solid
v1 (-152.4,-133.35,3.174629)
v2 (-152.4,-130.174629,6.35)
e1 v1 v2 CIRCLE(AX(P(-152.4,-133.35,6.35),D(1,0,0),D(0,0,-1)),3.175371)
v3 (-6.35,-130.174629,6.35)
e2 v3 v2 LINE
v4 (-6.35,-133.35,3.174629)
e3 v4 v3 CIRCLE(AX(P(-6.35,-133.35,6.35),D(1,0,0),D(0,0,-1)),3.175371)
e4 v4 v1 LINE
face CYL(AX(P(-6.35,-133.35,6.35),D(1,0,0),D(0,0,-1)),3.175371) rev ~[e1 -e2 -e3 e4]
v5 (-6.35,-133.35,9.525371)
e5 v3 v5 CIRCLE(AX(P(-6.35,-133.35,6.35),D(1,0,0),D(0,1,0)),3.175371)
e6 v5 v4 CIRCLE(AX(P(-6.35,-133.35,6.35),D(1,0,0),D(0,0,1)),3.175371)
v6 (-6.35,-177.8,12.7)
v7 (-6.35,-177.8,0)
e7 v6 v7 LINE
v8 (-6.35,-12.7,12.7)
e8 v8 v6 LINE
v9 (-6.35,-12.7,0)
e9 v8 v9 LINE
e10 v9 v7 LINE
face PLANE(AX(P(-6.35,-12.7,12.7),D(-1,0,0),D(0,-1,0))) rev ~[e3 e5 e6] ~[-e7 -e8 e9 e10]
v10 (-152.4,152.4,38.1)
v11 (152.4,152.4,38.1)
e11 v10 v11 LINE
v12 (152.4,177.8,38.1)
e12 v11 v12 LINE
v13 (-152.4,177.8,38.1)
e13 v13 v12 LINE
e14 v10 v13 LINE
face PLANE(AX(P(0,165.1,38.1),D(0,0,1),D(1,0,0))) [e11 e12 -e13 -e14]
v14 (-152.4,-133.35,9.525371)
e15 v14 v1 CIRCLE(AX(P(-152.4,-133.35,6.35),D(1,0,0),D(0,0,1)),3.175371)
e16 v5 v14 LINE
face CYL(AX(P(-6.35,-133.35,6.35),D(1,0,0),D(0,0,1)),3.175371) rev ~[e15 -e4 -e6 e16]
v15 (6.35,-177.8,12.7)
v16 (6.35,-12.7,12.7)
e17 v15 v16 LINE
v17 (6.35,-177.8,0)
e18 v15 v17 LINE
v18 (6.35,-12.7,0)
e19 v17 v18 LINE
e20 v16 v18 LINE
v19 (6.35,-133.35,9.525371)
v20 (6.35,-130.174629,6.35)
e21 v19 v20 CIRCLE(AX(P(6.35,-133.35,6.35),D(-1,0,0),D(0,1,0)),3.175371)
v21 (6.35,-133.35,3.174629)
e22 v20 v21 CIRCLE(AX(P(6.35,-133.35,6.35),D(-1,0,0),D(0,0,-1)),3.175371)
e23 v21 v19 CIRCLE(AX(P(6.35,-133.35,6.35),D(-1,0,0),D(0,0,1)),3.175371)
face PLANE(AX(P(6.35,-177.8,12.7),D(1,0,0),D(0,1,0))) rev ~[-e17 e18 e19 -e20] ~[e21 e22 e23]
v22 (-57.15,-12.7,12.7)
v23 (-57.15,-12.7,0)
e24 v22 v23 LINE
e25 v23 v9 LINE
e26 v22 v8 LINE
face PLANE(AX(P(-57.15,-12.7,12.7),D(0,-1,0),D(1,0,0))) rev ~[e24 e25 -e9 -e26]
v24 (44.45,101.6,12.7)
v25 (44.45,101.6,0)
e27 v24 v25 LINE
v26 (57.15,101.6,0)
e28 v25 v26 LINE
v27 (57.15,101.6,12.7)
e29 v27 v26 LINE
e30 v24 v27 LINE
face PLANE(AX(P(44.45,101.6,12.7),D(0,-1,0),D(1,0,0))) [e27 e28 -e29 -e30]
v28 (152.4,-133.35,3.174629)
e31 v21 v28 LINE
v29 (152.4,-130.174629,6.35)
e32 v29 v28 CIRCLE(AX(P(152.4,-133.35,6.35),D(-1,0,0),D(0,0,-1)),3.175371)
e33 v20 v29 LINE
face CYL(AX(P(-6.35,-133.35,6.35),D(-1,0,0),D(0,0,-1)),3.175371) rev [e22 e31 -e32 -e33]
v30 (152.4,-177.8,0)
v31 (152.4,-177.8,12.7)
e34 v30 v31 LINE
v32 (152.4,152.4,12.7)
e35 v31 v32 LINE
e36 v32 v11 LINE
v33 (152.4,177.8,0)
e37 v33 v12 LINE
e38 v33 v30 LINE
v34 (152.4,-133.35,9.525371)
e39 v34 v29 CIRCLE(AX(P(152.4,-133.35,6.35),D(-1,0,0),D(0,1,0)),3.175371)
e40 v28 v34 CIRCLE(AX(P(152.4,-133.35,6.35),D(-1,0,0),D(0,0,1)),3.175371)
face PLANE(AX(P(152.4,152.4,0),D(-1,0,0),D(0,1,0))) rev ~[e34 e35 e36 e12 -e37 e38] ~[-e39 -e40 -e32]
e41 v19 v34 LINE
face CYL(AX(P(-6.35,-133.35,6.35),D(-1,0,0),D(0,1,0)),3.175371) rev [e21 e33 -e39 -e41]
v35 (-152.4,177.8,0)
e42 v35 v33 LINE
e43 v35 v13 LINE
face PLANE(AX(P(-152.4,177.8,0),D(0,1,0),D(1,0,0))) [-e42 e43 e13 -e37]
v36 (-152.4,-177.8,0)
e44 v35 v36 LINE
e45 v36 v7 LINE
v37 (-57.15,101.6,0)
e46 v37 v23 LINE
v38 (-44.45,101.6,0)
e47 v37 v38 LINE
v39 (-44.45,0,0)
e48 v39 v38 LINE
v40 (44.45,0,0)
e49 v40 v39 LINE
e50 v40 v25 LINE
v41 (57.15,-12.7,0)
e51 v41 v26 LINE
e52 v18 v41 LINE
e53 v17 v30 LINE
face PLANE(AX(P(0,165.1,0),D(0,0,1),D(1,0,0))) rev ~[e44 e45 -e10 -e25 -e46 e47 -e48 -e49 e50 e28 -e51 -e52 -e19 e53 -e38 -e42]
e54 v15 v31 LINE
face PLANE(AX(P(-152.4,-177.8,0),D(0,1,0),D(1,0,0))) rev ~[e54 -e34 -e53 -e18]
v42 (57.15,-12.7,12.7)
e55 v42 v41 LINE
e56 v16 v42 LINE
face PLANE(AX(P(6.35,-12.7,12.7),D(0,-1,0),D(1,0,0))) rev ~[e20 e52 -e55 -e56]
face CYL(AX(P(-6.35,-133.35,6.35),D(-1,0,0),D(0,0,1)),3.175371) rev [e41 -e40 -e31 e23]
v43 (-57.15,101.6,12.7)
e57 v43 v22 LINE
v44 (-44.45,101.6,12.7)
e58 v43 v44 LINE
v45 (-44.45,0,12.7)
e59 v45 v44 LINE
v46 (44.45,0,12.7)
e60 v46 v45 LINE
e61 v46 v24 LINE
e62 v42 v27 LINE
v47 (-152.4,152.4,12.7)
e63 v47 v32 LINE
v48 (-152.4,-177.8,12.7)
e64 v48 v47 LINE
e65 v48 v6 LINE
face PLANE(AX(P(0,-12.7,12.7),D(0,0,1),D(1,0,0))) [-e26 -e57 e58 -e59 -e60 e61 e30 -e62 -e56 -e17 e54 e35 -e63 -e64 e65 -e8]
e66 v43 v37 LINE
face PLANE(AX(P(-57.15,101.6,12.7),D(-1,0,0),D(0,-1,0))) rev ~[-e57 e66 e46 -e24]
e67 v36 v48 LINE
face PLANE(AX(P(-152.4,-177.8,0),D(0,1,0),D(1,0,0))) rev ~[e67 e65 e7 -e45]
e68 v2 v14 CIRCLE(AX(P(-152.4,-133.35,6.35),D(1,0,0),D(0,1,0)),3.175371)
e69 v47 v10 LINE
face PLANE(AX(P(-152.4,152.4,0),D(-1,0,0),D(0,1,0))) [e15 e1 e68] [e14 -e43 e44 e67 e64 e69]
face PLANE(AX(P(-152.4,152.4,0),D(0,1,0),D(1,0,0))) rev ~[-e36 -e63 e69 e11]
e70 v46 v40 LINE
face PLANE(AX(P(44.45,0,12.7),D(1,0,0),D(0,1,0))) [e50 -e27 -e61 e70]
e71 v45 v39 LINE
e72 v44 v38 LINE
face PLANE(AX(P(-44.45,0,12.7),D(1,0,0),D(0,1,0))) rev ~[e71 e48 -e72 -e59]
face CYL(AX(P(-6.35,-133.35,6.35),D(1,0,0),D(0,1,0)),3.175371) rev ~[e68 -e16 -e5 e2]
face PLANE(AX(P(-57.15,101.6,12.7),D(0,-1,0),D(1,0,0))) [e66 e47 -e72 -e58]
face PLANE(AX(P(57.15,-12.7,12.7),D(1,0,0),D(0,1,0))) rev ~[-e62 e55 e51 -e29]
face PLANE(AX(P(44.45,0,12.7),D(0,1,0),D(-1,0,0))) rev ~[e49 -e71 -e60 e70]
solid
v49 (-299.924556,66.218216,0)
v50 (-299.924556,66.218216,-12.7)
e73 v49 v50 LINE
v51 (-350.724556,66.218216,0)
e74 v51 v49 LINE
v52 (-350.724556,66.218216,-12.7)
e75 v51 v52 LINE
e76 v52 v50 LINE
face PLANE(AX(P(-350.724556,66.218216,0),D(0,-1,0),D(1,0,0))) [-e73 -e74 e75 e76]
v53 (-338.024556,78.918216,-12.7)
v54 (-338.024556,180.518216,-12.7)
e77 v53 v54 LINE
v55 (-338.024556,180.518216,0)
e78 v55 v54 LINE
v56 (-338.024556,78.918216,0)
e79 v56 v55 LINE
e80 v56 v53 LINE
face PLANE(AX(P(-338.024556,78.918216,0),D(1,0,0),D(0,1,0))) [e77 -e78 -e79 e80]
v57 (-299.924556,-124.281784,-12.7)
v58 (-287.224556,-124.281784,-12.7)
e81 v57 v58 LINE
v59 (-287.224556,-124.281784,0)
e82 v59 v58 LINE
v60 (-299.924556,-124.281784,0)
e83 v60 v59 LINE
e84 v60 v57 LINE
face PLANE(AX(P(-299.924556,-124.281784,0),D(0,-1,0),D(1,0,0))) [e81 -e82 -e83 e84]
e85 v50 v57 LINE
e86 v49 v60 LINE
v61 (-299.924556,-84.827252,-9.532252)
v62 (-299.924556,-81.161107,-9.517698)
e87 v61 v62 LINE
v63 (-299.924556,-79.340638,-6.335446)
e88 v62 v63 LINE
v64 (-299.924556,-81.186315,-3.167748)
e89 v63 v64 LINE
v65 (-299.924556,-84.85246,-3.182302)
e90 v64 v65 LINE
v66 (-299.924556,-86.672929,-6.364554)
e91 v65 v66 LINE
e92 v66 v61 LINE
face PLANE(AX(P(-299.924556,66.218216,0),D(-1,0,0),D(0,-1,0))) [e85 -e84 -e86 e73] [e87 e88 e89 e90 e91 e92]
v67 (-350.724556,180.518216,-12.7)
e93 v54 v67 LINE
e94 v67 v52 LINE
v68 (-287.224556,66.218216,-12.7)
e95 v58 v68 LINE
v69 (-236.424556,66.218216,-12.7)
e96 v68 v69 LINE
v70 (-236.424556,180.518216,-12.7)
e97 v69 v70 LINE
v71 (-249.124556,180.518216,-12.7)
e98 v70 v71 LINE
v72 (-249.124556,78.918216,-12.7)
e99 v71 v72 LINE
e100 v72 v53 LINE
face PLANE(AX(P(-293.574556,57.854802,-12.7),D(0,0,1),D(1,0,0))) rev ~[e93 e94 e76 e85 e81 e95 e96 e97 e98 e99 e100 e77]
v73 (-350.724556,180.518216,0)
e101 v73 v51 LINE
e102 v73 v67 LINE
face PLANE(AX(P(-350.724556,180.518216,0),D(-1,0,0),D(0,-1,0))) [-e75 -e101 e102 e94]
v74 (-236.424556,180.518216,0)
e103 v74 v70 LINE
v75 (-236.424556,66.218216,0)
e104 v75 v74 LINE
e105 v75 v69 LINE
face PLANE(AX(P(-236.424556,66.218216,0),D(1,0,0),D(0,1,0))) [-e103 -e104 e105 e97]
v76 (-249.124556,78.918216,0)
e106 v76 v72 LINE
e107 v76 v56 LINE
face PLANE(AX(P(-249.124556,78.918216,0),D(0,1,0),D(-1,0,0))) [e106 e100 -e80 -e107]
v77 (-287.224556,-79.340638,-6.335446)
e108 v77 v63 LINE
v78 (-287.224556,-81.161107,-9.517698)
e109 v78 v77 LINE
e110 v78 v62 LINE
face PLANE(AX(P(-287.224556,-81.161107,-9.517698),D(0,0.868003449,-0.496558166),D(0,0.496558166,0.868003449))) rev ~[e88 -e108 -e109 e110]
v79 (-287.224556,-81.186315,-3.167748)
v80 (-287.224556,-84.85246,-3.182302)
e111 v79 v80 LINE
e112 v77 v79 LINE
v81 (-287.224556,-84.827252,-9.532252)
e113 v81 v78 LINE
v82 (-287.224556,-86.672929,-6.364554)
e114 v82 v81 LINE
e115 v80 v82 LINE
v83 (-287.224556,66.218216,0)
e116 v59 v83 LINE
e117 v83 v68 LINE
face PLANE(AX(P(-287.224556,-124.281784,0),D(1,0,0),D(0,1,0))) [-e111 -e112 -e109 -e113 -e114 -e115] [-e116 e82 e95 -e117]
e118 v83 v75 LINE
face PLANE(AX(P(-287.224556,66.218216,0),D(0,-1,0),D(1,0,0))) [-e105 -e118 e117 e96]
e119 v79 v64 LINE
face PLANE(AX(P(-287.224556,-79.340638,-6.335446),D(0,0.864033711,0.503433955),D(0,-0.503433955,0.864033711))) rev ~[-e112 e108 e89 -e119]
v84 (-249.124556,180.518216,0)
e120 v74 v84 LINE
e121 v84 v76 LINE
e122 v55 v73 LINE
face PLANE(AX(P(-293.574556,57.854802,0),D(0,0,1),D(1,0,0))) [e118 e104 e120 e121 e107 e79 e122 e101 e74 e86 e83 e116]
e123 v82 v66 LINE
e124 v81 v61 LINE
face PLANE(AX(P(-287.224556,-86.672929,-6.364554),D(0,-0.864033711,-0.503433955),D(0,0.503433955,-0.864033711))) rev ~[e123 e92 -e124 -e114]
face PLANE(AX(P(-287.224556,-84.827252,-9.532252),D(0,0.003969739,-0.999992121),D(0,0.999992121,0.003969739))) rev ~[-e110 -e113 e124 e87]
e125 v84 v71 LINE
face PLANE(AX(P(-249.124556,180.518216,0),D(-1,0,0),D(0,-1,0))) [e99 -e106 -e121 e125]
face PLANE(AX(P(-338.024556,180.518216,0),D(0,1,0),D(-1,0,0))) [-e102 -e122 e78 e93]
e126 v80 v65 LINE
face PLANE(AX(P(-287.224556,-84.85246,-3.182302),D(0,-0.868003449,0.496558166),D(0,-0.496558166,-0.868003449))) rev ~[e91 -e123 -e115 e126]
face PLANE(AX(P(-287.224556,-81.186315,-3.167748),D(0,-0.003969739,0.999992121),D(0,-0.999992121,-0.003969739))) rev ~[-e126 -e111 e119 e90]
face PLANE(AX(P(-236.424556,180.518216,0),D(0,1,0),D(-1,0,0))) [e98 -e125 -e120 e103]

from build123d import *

# Parameters (mm, degrees)
F0_W          = 304.8
F0_H          = 330.2
F1_DEPTH      = 12.7
F2_W          = 12.7
F2_H          = 101.6
F3_DEPTH      = 25.4
F5_DEPTH      = 203.2
F5_DEPTH_BACK = 203.2
F7_DEPTH      = 12.7
F9_DEPTH      = 12.7
F0_H_2        = 25.4
F10_DEPTH     = 38.1


with BuildPart() as f1:
    # F0 (on Top) → F1 (new body)
    with BuildSketch(Plane.XY):
        with Locations((0, -12.7)):
            Rectangle(F0_W, F0_H)
    extrude(amount=F1_DEPTH)

    # F2 (on face) → F3 (cut)
    with BuildSketch(Plane.XY.offset(12.7)):
        Polygon((-6.35, -177.8), (6.35, -177.8), (6.35, -12.7), (6.35, 0), (-6.35, 0), (-6.35, -12.7), align=None)
        Polygon((6.35, 0), (6.35, -12.7), (57.15, -12.7), (57.15, 0), (44.45, 0), align=None)
        Polygon((-57.15, -12.7), (-6.35, -12.7), (-6.35, 0), (-44.45, 0), (-57.15, 0), align=None)
        with Locations((50.8, 50.8)):
            Rectangle(F2_W, F2_H)
        with Locations((-50.8, 50.8)):
            Rectangle(F2_W, F2_H)
    extrude(amount=-F3_DEPTH, mode=Mode.SUBTRACT)

    # F4 (on face) → F5 (cut, two sides)
    with BuildSketch(Plane.YZ.offset(-6.35)) as f5_sk:
        with BuildLine():
            ThreePointArc((-130.1746294843, 6.35), (-131.1046739755, 8.5953260245), (-133.35, 9.5253705157))
            Line((-133.35, 9.5253705157), (-133.35, 3.1746294843))
            ThreePointArc((-133.35, 3.1746294843), (-131.1046739755, 4.1046739755), (-130.1746294843, 6.35))
        make_face()
        with BuildLine():
            Line((-133.35, 3.1746294843), (-133.35, 9.5253705157))
            ThreePointArc((-133.35, 9.5253705157), (-136.5253705157, 6.35), (-133.35, 3.1746294843))
        make_face()
    extrude(amount=-F5_DEPTH, mode=Mode.SUBTRACT)
    extrude(f5_sk.sketch, amount=F5_DEPTH_BACK, mode=Mode.SUBTRACT)

    # F0 (on Top) → F10 (join)
    with BuildSketch(Plane.XY):
        with Locations((0, 165.1)):
            Rectangle(F0_W, F0_H_2)
    extrude(amount=F10_DEPTH)


with BuildPart() as f7:
    # F6 (on Top) → F7 (new body)
    with BuildSketch(Plane.XY):
        Polygon((-299.9245563491, 66.2182163289), (-299.9245563491, -124.2817836711), (-287.2245563491, -124.2817836711), (-287.2245563491, 66.2182163289), (-236.4245563491, 66.2182163289), (-236.4245563491, 180.5182163289), (-249.1245563491, 180.5182163289), (-249.1245563491, 78.9182163289), (-338.0245563491, 78.9182163289), (-338.0245563491, 180.5182163289), (-350.7245563491, 180.5182163289), (-350.7245563491, 66.2182163289), align=None)
    extrude(amount=-F7_DEPTH)

    # F8 (on face) → F9 (cut)
    with BuildSketch(Plane.YZ.offset(-287.2245563491)):
        Polygon((-86.672928993, -6.3645537533), (-84.8272524119, -9.5322518594), (-81.16110709, -9.5176981061), (-79.3406383491, -6.3354462467), (-81.1863149302, -3.1677481406), (-84.8524602522, -3.1823018939), align=None)
    extrude(amount=-F9_DEPTH, mode=Mode.SUBTRACT)


solid = Compound([f1.part, f7.part])
